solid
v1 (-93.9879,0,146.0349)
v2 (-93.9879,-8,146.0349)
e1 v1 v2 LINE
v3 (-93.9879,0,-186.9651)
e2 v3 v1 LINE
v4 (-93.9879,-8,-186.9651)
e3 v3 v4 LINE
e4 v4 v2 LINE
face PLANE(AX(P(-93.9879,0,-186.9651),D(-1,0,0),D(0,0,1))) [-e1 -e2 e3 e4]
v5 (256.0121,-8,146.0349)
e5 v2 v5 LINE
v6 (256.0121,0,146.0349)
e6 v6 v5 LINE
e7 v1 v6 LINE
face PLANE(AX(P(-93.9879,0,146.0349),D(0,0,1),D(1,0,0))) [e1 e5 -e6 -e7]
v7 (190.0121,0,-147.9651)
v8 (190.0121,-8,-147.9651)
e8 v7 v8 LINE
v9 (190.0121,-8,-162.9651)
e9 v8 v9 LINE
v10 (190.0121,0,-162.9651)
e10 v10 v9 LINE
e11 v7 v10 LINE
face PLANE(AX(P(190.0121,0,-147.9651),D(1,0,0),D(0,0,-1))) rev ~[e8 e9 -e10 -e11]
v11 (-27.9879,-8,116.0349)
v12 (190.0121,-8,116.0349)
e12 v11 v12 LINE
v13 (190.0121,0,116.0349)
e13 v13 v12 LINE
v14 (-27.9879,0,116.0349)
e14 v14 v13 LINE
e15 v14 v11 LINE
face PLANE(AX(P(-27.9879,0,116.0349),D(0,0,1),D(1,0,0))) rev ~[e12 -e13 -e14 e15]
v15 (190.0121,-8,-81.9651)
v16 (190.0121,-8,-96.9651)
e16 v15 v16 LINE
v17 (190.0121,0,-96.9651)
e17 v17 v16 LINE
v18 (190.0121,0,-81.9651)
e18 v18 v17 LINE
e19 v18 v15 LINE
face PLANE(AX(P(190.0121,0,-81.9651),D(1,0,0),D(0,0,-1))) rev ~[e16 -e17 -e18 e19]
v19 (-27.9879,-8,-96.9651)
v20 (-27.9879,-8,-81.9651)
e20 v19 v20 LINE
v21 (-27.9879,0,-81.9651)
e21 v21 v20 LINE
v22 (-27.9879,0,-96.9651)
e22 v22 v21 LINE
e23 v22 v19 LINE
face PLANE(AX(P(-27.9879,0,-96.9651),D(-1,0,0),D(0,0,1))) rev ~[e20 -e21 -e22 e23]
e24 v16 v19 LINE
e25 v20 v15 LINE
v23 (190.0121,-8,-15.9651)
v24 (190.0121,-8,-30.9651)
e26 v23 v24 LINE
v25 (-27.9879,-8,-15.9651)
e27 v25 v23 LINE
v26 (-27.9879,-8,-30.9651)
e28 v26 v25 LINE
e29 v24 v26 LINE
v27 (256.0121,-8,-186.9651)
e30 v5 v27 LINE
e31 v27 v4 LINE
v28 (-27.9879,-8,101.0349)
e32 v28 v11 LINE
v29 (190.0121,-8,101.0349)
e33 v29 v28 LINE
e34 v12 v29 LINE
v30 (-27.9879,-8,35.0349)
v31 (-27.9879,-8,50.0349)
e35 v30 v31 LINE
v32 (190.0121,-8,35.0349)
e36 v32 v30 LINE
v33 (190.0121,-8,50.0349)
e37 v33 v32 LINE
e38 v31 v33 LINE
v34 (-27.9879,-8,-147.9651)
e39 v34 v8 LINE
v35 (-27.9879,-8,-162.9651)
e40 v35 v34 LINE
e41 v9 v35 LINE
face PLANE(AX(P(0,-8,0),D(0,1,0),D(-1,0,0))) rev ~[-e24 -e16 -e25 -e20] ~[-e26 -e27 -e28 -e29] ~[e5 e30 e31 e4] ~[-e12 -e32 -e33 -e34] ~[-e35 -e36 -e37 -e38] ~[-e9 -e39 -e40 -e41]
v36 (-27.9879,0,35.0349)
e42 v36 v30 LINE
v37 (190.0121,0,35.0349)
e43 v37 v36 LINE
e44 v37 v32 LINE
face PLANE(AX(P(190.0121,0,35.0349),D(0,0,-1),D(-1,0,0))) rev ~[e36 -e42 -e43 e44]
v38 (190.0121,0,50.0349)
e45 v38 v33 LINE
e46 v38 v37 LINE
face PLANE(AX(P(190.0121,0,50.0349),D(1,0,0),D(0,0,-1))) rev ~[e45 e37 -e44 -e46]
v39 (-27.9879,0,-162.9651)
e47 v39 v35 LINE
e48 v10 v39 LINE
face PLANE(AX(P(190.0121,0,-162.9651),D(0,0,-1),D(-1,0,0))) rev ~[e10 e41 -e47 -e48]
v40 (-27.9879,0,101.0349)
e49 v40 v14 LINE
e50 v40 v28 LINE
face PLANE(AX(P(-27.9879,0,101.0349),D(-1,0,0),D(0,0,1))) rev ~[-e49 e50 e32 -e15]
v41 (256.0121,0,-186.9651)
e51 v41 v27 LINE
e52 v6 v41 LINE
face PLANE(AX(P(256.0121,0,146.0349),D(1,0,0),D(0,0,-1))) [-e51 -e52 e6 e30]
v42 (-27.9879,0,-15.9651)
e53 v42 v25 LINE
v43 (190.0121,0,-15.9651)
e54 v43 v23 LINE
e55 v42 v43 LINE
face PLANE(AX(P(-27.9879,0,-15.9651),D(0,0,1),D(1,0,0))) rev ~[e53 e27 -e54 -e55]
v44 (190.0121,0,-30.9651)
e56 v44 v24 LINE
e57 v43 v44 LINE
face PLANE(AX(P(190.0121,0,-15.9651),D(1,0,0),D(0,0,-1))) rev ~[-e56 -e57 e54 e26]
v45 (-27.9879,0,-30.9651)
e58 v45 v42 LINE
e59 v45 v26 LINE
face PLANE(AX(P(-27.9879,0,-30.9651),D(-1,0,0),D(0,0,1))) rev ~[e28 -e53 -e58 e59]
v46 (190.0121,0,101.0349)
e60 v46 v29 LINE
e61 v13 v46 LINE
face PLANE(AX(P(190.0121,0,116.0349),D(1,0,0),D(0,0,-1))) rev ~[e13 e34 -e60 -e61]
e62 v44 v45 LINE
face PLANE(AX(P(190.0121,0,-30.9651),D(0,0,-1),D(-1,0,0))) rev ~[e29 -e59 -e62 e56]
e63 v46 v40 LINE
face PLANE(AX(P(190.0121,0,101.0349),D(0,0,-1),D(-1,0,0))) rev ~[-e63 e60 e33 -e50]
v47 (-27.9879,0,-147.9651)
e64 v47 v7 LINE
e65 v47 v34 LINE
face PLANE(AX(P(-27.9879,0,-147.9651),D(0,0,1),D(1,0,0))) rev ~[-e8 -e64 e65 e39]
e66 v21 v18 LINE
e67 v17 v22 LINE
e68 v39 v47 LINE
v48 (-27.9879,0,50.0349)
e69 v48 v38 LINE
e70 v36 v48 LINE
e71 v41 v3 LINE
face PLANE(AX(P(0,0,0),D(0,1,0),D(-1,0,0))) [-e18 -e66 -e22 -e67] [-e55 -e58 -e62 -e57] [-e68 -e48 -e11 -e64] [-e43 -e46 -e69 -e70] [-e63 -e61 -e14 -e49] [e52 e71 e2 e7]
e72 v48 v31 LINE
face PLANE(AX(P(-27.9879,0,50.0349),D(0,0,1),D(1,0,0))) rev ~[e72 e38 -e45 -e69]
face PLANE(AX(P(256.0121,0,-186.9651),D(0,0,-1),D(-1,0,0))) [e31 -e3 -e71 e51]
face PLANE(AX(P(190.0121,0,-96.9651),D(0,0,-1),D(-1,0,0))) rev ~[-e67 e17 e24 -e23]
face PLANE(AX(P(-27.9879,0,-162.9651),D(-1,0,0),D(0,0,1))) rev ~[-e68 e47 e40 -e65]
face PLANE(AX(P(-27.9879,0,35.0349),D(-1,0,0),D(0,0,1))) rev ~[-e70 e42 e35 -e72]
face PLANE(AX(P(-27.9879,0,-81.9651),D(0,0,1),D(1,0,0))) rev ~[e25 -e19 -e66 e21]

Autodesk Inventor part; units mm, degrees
ref_plane "YZ Plane" through (0, 0, 0) normal (1, 0, 0) x (0, 1, 0)
ref_plane "XZ Plane" through (0, 0, 0) normal (0, 1, 0) x (-1, 0, 0)
ref_plane "XY Plane" through (0, 0, 0) normal (0, 0, 1) x (1, 0, 0)
sketch "Sketch1" plane through (0, 0, 0) normal (0, 1, 0) x (-1, 0, 0)
  line L0 (93.9879, 146.0349) -> (-256.0121, 146.0349)
  line L1 (-256.0121, 146.0349) -> (-256.0121, -186.9651)
  line L2 (-256.0121, -186.9651) -> (93.9879, -186.9651)
  line L3 (93.9879, -186.9651) -> (93.9879, 146.0349)
  line L4 (27.9879, 116.0349) -> (-190.0121, 116.0349)
  line L5 (-190.0121, 116.0349) -> (-190.0121, 101.0349)
  line L6 (-190.0121, 101.0349) -> (27.9879, 101.0349)
  line L7 (27.9879, 101.0349) -> (27.9879, 116.0349)
  line L8 (27.9879, 50.0349) -> (-190.0121, 50.0349)
  line L9 (-190.0121, 50.0349) -> (-190.0121, 35.0349)
  line L10 (-190.0121, 35.0349) -> (27.9879, 35.0349)
  line L11 (27.9879, 35.0349) -> (27.9879, 50.0349)
  line L12 (27.9879, -15.9651) -> (-190.0121, -15.9651)
  line L13 (-190.0121, -15.9651) -> (-190.0121, -30.9651)
  line L14 (-190.0121, -30.9651) -> (27.9879, -30.9651)
  line L15 (27.9879, -30.9651) -> (27.9879, -15.9651)
  line L16 (27.9879, -81.9651) -> (-190.0121, -81.9651)
  line L17 (-190.0121, -81.9651) -> (-190.0121, -96.9651)
  line L18 (-190.0121, -96.9651) -> (27.9879, -96.9651)
  line L19 (27.9879, -96.9651) -> (27.9879, -81.9651)
  line L20 (27.9879, -147.9651) -> (-190.0121, -147.9651)
  line L21 (-190.0121, -147.9651) -> (-190.0121, -162.9651)
  line L22 (-190.0121, -162.9651) -> (27.9879, -162.9651)
  line L23 (27.9879, -162.9651) -> (27.9879, -147.9651)
  point P0 (0, 0)
  dimension "d0" = 333
  dimension "d1" = 350
  dimension "d2" = 66
  dimension "d6" = 51
  dimension "d7" = 51
  dimension "d8" = 51
  dimension "d9" = 15
  dimension "d10" = 15
  dimension "d11" = 15
  dimension "d12" = 15
  dimension "d13" = 30
  dimension "d16" = 51
  dimension "d17" = 15
extrude "Extrusion2" add sketch "Sketch1" against normal blind 8
properties part number "end_part_ferrite"
